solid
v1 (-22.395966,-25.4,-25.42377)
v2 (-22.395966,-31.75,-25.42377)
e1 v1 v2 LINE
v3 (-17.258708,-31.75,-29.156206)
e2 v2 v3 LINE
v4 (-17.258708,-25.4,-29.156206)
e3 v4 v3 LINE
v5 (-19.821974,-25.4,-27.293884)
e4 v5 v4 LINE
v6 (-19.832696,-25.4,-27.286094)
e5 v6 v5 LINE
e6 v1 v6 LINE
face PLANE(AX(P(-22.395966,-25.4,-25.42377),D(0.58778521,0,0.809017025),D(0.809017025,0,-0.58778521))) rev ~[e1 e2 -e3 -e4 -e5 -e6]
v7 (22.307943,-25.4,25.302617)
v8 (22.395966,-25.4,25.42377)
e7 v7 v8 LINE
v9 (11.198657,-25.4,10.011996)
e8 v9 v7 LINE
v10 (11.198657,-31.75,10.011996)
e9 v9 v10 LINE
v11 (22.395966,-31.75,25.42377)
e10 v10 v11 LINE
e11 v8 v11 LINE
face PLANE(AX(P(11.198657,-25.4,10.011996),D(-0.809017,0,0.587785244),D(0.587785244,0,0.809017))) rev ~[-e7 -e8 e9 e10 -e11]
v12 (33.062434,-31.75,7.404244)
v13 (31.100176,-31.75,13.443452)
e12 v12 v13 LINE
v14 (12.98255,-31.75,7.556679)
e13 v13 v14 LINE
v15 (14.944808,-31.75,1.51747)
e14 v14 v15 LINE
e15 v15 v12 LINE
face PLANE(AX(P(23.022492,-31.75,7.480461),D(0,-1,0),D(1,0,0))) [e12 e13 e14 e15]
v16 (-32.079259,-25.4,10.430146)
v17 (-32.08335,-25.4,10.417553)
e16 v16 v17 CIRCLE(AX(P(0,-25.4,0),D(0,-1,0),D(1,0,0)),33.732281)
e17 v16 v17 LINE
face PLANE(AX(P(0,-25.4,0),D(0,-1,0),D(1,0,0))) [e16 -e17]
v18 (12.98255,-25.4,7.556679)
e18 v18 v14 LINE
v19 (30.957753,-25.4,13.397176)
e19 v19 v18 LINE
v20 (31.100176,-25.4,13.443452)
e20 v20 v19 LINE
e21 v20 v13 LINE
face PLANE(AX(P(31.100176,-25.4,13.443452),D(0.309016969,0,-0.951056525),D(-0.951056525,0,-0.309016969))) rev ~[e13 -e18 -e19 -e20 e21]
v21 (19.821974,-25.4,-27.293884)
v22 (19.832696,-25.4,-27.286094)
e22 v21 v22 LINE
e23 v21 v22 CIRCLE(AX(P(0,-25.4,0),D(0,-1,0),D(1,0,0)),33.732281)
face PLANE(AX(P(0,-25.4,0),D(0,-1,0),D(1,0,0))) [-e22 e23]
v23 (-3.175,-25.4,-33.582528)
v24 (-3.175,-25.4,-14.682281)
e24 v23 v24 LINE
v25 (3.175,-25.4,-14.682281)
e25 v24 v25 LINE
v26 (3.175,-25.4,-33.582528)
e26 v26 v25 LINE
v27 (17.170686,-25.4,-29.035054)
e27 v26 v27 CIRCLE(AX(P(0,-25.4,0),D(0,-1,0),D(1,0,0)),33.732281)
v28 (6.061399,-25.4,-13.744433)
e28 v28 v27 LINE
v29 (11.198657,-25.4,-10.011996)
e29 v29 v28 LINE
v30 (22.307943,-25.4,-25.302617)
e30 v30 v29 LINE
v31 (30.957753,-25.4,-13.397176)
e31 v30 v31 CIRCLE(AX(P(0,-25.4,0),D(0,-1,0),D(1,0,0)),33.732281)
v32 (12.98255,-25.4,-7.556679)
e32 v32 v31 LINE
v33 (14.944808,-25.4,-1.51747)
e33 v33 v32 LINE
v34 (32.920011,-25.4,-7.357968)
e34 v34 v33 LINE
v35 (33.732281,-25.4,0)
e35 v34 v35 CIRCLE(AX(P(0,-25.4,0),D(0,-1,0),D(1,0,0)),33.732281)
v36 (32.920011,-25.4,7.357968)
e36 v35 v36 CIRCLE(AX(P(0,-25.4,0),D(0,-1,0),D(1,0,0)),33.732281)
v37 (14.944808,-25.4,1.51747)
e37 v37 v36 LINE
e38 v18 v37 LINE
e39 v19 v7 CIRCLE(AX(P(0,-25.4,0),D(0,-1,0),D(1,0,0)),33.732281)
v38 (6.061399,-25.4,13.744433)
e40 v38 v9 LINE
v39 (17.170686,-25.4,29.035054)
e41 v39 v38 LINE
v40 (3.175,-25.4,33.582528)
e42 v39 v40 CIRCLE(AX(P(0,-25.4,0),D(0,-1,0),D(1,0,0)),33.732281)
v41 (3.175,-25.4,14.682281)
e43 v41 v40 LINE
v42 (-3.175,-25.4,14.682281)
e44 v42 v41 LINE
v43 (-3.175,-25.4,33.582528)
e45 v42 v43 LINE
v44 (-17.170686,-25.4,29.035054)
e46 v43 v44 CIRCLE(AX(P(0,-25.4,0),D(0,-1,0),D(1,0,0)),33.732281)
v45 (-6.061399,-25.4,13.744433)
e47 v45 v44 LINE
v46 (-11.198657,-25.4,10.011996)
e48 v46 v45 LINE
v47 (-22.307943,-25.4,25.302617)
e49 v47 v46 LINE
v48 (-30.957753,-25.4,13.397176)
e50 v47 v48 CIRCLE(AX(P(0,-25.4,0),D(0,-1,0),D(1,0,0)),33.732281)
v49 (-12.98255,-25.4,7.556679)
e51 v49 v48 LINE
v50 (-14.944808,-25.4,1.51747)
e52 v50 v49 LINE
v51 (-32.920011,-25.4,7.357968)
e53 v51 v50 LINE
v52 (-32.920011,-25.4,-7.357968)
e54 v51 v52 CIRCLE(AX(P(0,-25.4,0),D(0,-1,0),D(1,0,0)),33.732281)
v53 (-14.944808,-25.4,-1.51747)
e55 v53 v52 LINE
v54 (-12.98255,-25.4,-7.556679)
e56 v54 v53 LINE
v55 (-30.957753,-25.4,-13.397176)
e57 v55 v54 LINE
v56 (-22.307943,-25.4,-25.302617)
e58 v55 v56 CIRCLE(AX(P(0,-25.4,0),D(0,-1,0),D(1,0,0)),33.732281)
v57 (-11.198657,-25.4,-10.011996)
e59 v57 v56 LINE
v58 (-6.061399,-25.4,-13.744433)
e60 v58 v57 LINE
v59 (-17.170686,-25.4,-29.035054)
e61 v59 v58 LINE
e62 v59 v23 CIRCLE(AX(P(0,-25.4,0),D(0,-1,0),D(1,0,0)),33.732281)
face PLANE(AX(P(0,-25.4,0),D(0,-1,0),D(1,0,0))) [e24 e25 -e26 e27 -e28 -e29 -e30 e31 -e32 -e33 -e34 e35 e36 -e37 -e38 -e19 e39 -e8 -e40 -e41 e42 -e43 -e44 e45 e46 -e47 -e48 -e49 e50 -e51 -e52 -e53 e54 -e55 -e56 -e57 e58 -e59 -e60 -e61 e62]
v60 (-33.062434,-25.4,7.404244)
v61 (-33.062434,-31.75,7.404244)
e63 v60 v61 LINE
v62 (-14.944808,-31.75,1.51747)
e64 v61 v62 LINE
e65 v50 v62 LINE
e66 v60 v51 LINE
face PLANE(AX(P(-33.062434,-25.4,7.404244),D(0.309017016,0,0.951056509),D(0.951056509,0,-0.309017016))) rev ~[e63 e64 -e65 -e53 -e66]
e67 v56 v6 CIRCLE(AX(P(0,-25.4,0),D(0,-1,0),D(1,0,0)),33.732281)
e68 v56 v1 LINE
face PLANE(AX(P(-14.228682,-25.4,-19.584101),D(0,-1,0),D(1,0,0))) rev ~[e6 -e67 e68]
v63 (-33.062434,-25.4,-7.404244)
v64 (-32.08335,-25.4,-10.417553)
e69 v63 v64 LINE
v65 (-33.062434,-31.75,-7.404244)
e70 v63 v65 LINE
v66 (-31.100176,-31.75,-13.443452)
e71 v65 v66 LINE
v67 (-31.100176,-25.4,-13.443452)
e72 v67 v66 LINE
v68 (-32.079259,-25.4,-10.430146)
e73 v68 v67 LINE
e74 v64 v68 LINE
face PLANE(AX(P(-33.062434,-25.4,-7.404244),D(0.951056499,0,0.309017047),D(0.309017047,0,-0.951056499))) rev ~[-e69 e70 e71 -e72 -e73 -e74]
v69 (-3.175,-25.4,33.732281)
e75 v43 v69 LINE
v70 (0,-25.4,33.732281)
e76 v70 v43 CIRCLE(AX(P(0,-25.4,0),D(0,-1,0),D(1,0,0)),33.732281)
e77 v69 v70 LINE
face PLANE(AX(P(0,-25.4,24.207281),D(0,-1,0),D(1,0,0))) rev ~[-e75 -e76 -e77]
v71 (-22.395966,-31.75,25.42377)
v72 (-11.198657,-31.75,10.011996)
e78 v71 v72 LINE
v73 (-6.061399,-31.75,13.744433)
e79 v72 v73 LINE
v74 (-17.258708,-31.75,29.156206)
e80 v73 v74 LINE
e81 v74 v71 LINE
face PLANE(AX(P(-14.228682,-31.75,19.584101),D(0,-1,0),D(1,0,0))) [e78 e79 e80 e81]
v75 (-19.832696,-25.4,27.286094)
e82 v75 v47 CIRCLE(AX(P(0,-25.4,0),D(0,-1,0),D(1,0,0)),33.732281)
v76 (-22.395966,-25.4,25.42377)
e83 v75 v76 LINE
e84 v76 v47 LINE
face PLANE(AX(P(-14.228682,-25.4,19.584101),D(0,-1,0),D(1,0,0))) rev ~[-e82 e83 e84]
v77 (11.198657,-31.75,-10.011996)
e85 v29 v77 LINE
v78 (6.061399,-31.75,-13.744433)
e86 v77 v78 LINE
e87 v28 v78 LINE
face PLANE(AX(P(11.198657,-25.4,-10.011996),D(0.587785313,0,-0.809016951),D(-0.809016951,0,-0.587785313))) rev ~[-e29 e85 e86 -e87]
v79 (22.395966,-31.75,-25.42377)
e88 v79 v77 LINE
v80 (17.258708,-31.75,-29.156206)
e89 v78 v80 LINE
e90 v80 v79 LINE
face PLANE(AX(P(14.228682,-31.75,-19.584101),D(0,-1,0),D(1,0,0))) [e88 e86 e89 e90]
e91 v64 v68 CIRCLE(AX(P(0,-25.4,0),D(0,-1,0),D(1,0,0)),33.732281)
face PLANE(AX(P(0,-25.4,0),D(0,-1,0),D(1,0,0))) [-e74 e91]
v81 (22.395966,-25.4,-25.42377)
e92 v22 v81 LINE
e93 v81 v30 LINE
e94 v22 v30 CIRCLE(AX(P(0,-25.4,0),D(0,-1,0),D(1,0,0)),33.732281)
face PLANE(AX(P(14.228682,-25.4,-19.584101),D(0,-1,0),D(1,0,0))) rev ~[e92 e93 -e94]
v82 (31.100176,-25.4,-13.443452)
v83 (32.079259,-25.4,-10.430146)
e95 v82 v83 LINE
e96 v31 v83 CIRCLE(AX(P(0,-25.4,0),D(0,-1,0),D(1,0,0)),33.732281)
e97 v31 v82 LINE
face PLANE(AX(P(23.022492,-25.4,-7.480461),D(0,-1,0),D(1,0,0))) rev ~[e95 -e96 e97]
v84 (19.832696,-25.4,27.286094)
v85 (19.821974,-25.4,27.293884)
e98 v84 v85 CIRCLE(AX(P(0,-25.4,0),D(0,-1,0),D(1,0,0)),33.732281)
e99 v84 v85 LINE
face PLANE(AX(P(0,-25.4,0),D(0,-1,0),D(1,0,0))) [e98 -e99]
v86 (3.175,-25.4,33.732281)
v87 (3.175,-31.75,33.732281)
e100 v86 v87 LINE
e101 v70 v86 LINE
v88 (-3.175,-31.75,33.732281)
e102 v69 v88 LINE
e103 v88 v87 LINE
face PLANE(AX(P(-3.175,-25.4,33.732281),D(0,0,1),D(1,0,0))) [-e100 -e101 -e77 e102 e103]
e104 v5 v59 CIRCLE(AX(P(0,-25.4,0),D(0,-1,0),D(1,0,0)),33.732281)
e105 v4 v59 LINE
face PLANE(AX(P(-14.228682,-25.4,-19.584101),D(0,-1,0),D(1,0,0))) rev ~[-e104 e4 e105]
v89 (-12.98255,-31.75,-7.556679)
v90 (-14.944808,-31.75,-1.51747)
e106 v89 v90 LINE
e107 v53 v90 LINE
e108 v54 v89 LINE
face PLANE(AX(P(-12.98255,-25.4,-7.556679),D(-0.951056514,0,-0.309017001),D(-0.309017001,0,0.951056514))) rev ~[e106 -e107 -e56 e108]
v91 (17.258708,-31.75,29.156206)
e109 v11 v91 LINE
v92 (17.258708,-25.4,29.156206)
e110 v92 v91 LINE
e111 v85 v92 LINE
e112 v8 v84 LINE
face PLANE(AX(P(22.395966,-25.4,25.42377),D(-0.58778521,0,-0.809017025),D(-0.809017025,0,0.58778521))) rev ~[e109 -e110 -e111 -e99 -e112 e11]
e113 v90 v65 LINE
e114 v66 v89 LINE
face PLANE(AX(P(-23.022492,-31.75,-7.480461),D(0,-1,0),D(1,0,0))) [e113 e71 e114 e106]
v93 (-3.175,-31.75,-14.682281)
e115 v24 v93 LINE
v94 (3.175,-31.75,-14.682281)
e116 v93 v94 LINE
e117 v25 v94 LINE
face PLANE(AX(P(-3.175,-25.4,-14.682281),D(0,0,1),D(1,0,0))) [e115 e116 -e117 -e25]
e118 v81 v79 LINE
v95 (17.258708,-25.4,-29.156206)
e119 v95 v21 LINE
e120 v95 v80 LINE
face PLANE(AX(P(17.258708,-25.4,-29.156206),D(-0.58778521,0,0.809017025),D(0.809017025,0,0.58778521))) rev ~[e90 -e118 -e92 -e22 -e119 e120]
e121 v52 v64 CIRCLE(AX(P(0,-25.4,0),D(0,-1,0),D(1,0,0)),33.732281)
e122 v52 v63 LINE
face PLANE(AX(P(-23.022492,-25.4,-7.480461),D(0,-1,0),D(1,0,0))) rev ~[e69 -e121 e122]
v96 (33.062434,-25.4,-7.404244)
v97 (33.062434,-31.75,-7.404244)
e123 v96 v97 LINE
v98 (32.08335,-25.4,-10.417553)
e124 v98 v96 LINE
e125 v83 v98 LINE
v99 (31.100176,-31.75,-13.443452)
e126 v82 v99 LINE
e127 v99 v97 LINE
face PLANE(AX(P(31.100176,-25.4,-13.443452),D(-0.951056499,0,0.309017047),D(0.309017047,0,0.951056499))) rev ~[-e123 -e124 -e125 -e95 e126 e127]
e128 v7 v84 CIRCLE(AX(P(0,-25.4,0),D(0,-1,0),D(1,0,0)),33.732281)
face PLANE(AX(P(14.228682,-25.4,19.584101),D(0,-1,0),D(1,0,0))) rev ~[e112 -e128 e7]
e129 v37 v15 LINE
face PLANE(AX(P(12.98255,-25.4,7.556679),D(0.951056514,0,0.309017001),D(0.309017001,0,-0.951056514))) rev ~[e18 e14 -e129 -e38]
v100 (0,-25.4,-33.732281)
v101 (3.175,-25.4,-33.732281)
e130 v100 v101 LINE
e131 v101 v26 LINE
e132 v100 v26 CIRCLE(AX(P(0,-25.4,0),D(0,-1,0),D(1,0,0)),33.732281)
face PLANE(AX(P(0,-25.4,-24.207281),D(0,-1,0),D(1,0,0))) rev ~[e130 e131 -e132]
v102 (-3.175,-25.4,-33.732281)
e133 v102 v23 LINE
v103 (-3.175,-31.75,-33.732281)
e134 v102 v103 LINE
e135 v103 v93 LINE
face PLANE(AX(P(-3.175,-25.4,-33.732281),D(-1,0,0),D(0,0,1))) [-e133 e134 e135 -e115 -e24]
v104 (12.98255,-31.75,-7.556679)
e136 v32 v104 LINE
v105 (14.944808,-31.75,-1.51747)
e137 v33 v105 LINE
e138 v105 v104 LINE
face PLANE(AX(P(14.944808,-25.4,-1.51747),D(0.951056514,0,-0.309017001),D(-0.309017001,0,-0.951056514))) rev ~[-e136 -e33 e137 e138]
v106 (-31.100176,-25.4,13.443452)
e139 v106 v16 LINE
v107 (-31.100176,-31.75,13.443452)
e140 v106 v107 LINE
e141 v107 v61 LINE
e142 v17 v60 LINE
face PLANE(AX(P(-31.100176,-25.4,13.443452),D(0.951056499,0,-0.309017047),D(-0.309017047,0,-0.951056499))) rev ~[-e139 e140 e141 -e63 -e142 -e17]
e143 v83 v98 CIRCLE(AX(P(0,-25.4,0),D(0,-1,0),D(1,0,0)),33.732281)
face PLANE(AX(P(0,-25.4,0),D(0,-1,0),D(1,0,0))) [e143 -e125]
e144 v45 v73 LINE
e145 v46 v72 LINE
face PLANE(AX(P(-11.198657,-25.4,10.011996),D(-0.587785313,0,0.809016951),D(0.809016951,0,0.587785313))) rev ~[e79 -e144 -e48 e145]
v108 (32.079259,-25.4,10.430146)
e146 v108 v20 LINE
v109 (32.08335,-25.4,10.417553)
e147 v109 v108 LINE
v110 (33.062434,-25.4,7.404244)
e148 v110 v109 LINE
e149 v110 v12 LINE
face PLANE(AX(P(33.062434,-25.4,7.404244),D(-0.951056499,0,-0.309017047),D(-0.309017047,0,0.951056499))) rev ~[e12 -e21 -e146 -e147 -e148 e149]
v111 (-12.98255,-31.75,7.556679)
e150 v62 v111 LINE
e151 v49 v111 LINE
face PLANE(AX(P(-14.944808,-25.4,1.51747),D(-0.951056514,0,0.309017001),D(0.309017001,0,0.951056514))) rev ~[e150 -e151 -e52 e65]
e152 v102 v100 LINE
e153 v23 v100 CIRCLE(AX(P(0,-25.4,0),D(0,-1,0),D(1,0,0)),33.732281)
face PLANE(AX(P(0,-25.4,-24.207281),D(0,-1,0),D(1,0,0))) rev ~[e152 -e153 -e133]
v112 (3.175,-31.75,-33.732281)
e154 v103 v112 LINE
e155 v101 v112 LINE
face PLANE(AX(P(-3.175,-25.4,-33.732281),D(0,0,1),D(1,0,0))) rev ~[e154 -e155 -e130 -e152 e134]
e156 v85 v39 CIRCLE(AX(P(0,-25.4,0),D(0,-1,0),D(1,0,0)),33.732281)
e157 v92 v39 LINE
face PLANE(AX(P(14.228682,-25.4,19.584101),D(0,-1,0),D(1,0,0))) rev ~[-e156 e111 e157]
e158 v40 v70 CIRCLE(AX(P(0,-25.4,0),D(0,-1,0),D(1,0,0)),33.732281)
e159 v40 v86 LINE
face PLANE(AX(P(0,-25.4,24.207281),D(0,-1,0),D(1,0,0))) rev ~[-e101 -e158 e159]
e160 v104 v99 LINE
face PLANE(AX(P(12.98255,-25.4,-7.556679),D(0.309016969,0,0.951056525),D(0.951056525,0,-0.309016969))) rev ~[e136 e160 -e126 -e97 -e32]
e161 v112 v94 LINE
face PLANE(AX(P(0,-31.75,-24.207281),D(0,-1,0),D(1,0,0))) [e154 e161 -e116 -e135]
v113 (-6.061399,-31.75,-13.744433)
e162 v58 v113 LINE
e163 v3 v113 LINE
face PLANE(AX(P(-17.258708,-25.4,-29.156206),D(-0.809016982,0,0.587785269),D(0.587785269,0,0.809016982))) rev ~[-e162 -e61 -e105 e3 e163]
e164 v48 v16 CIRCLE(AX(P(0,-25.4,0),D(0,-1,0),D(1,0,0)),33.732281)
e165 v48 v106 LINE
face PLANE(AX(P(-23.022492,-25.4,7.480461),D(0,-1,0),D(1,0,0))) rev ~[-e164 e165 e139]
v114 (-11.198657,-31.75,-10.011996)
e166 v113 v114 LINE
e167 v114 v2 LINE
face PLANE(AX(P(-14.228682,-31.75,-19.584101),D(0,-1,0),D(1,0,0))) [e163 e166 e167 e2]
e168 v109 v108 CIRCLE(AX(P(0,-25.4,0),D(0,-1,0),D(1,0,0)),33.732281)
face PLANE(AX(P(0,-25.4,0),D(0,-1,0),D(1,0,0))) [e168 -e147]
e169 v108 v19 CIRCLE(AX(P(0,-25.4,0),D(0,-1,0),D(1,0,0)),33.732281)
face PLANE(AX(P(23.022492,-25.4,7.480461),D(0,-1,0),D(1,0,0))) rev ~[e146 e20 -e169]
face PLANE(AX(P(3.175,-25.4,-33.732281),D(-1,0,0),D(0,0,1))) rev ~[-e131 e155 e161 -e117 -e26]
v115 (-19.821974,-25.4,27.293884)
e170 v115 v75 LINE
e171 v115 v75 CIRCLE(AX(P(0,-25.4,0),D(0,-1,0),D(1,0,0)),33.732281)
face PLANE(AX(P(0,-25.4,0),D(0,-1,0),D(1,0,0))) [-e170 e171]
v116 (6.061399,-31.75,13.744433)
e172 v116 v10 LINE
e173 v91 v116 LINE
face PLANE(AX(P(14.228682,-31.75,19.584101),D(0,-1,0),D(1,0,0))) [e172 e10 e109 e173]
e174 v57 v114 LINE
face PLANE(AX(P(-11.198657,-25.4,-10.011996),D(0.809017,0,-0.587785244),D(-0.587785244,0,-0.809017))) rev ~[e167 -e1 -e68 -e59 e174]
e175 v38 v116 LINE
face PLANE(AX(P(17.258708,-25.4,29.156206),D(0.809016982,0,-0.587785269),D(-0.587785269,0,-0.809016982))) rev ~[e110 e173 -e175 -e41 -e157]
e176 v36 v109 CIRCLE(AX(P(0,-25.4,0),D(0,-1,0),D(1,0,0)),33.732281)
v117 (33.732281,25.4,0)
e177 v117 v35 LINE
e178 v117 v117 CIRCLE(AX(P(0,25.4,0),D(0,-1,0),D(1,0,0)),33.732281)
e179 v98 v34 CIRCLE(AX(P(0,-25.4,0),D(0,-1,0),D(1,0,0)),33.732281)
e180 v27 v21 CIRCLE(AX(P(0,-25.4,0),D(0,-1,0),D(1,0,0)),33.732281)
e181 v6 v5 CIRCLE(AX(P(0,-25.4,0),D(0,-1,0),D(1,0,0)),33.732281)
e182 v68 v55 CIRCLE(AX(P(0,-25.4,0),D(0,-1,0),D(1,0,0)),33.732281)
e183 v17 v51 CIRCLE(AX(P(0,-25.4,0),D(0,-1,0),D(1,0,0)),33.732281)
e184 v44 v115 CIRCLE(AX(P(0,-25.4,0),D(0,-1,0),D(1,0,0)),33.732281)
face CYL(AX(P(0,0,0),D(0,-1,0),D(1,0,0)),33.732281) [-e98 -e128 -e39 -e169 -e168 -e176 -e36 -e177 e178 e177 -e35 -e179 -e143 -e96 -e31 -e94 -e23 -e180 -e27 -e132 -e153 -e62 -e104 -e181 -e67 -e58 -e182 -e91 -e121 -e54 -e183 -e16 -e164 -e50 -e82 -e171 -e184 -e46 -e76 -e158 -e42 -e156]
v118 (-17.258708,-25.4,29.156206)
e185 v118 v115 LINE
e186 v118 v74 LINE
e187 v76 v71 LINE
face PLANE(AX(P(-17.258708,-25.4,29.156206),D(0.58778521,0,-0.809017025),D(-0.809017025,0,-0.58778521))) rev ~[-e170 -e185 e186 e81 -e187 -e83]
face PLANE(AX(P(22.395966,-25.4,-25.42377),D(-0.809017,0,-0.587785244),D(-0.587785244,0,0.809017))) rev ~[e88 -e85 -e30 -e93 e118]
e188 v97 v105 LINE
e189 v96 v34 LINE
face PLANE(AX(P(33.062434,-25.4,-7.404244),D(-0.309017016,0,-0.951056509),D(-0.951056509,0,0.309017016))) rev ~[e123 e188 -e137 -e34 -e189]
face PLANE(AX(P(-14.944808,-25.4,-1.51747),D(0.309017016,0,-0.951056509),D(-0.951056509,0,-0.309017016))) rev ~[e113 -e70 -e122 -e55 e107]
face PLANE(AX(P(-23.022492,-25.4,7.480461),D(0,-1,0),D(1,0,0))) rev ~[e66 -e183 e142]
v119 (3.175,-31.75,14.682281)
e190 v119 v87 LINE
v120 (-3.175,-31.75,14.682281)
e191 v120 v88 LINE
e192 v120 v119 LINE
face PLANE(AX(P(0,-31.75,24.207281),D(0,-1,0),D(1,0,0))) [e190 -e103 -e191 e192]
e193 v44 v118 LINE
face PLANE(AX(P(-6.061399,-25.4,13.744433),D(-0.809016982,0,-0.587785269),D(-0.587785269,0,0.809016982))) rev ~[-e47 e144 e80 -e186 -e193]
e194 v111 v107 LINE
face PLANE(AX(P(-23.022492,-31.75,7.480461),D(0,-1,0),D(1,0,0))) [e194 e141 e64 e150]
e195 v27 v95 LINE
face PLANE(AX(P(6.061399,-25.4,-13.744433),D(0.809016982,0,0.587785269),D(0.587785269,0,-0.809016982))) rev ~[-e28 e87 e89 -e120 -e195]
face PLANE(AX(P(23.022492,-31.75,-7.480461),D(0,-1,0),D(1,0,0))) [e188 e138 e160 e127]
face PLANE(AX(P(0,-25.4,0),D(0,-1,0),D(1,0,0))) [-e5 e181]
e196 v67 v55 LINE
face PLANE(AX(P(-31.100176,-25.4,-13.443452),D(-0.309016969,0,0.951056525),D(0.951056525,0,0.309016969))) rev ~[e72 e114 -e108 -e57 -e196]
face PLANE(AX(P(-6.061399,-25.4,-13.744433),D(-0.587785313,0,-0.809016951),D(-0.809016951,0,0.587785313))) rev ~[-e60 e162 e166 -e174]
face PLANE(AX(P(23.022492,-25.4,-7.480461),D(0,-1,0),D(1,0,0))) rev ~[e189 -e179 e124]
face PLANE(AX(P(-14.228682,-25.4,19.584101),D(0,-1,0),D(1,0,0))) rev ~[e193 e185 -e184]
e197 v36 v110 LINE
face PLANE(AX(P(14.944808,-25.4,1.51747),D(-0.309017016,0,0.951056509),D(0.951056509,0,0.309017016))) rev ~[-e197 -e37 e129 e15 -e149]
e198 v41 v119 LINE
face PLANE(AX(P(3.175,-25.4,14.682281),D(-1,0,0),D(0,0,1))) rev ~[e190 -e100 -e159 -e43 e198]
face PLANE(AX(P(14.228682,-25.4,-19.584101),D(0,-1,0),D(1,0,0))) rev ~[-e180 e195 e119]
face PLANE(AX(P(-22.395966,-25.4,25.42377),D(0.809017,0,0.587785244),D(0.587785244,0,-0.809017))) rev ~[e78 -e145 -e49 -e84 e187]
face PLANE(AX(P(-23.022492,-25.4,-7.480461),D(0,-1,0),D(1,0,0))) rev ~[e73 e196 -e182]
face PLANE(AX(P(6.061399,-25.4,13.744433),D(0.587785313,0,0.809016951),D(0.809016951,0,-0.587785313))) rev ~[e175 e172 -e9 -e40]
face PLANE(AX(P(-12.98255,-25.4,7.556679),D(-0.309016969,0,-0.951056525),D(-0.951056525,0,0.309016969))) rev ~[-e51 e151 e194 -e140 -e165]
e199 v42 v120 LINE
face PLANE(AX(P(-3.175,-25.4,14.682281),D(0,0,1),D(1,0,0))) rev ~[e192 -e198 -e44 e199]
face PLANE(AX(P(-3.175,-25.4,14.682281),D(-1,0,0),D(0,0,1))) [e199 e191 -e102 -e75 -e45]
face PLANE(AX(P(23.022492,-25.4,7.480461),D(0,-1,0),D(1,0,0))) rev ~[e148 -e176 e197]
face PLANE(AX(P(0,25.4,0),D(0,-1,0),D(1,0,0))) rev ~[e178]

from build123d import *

# Parameters (mm, degrees)
F0_R     = 33.732281
F1_DEPTH = 25.4
F2_W     = 6.35
F2_H     = 19.05
F3_DEPTH = 6.35


with BuildPart() as f1:
    # F0 (on Front) → F1 (new body, symmetric)
    with BuildSketch(Plane.XZ):
        Circle(F0_R)
    extrude(amount=F1_DEPTH, both=True)

    # F2 (on face) → F3 (join)
    with BuildSketch(Plane.XZ.offset(25.4)):
        with Locations((0, 24.207281)):
            Rectangle(F2_W, F2_H)
        Polygon((-11.198657, 10.011996), (-6.061399, 13.744433), (-17.258708, 29.156206), (-22.395966, 25.42377), align=None)
        Polygon((-14.944808, 1.51747), (-12.98255, 7.556679), (-31.100176, 13.443452), (-33.062434, 7.404244), align=None)
        Polygon((-12.98255, -7.556679), (-14.944808, -1.51747), (-33.062434, -7.404244), (-31.100176, -13.443452), align=None)
        Polygon((-6.061399, -13.744433), (-11.198657, -10.011996), (-22.395966, -25.42377), (-17.258708, -29.156206), align=None)
        with Locations((0, -24.207281)):
            Rectangle(F2_W, F2_H)
        Polygon((11.198657, -10.011996), (6.061399, -13.744433), (17.258708, -29.156206), (22.395966, -25.42377), align=None)
        Polygon((14.944808, -1.51747), (12.98255, -7.556679), (31.100176, -13.443452), (33.062434, -7.404244), align=None)
        Polygon((12.98255, 7.556679), (14.944808, 1.51747), (33.062434, 7.404244), (31.100176, 13.443452), align=None)
        Polygon((6.061399, 13.744433), (11.198657, 10.011996), (22.395966, 25.42377), (17.258708, 29.156206), align=None)
    extrude(amount=F3_DEPTH)


solid = f1.part
